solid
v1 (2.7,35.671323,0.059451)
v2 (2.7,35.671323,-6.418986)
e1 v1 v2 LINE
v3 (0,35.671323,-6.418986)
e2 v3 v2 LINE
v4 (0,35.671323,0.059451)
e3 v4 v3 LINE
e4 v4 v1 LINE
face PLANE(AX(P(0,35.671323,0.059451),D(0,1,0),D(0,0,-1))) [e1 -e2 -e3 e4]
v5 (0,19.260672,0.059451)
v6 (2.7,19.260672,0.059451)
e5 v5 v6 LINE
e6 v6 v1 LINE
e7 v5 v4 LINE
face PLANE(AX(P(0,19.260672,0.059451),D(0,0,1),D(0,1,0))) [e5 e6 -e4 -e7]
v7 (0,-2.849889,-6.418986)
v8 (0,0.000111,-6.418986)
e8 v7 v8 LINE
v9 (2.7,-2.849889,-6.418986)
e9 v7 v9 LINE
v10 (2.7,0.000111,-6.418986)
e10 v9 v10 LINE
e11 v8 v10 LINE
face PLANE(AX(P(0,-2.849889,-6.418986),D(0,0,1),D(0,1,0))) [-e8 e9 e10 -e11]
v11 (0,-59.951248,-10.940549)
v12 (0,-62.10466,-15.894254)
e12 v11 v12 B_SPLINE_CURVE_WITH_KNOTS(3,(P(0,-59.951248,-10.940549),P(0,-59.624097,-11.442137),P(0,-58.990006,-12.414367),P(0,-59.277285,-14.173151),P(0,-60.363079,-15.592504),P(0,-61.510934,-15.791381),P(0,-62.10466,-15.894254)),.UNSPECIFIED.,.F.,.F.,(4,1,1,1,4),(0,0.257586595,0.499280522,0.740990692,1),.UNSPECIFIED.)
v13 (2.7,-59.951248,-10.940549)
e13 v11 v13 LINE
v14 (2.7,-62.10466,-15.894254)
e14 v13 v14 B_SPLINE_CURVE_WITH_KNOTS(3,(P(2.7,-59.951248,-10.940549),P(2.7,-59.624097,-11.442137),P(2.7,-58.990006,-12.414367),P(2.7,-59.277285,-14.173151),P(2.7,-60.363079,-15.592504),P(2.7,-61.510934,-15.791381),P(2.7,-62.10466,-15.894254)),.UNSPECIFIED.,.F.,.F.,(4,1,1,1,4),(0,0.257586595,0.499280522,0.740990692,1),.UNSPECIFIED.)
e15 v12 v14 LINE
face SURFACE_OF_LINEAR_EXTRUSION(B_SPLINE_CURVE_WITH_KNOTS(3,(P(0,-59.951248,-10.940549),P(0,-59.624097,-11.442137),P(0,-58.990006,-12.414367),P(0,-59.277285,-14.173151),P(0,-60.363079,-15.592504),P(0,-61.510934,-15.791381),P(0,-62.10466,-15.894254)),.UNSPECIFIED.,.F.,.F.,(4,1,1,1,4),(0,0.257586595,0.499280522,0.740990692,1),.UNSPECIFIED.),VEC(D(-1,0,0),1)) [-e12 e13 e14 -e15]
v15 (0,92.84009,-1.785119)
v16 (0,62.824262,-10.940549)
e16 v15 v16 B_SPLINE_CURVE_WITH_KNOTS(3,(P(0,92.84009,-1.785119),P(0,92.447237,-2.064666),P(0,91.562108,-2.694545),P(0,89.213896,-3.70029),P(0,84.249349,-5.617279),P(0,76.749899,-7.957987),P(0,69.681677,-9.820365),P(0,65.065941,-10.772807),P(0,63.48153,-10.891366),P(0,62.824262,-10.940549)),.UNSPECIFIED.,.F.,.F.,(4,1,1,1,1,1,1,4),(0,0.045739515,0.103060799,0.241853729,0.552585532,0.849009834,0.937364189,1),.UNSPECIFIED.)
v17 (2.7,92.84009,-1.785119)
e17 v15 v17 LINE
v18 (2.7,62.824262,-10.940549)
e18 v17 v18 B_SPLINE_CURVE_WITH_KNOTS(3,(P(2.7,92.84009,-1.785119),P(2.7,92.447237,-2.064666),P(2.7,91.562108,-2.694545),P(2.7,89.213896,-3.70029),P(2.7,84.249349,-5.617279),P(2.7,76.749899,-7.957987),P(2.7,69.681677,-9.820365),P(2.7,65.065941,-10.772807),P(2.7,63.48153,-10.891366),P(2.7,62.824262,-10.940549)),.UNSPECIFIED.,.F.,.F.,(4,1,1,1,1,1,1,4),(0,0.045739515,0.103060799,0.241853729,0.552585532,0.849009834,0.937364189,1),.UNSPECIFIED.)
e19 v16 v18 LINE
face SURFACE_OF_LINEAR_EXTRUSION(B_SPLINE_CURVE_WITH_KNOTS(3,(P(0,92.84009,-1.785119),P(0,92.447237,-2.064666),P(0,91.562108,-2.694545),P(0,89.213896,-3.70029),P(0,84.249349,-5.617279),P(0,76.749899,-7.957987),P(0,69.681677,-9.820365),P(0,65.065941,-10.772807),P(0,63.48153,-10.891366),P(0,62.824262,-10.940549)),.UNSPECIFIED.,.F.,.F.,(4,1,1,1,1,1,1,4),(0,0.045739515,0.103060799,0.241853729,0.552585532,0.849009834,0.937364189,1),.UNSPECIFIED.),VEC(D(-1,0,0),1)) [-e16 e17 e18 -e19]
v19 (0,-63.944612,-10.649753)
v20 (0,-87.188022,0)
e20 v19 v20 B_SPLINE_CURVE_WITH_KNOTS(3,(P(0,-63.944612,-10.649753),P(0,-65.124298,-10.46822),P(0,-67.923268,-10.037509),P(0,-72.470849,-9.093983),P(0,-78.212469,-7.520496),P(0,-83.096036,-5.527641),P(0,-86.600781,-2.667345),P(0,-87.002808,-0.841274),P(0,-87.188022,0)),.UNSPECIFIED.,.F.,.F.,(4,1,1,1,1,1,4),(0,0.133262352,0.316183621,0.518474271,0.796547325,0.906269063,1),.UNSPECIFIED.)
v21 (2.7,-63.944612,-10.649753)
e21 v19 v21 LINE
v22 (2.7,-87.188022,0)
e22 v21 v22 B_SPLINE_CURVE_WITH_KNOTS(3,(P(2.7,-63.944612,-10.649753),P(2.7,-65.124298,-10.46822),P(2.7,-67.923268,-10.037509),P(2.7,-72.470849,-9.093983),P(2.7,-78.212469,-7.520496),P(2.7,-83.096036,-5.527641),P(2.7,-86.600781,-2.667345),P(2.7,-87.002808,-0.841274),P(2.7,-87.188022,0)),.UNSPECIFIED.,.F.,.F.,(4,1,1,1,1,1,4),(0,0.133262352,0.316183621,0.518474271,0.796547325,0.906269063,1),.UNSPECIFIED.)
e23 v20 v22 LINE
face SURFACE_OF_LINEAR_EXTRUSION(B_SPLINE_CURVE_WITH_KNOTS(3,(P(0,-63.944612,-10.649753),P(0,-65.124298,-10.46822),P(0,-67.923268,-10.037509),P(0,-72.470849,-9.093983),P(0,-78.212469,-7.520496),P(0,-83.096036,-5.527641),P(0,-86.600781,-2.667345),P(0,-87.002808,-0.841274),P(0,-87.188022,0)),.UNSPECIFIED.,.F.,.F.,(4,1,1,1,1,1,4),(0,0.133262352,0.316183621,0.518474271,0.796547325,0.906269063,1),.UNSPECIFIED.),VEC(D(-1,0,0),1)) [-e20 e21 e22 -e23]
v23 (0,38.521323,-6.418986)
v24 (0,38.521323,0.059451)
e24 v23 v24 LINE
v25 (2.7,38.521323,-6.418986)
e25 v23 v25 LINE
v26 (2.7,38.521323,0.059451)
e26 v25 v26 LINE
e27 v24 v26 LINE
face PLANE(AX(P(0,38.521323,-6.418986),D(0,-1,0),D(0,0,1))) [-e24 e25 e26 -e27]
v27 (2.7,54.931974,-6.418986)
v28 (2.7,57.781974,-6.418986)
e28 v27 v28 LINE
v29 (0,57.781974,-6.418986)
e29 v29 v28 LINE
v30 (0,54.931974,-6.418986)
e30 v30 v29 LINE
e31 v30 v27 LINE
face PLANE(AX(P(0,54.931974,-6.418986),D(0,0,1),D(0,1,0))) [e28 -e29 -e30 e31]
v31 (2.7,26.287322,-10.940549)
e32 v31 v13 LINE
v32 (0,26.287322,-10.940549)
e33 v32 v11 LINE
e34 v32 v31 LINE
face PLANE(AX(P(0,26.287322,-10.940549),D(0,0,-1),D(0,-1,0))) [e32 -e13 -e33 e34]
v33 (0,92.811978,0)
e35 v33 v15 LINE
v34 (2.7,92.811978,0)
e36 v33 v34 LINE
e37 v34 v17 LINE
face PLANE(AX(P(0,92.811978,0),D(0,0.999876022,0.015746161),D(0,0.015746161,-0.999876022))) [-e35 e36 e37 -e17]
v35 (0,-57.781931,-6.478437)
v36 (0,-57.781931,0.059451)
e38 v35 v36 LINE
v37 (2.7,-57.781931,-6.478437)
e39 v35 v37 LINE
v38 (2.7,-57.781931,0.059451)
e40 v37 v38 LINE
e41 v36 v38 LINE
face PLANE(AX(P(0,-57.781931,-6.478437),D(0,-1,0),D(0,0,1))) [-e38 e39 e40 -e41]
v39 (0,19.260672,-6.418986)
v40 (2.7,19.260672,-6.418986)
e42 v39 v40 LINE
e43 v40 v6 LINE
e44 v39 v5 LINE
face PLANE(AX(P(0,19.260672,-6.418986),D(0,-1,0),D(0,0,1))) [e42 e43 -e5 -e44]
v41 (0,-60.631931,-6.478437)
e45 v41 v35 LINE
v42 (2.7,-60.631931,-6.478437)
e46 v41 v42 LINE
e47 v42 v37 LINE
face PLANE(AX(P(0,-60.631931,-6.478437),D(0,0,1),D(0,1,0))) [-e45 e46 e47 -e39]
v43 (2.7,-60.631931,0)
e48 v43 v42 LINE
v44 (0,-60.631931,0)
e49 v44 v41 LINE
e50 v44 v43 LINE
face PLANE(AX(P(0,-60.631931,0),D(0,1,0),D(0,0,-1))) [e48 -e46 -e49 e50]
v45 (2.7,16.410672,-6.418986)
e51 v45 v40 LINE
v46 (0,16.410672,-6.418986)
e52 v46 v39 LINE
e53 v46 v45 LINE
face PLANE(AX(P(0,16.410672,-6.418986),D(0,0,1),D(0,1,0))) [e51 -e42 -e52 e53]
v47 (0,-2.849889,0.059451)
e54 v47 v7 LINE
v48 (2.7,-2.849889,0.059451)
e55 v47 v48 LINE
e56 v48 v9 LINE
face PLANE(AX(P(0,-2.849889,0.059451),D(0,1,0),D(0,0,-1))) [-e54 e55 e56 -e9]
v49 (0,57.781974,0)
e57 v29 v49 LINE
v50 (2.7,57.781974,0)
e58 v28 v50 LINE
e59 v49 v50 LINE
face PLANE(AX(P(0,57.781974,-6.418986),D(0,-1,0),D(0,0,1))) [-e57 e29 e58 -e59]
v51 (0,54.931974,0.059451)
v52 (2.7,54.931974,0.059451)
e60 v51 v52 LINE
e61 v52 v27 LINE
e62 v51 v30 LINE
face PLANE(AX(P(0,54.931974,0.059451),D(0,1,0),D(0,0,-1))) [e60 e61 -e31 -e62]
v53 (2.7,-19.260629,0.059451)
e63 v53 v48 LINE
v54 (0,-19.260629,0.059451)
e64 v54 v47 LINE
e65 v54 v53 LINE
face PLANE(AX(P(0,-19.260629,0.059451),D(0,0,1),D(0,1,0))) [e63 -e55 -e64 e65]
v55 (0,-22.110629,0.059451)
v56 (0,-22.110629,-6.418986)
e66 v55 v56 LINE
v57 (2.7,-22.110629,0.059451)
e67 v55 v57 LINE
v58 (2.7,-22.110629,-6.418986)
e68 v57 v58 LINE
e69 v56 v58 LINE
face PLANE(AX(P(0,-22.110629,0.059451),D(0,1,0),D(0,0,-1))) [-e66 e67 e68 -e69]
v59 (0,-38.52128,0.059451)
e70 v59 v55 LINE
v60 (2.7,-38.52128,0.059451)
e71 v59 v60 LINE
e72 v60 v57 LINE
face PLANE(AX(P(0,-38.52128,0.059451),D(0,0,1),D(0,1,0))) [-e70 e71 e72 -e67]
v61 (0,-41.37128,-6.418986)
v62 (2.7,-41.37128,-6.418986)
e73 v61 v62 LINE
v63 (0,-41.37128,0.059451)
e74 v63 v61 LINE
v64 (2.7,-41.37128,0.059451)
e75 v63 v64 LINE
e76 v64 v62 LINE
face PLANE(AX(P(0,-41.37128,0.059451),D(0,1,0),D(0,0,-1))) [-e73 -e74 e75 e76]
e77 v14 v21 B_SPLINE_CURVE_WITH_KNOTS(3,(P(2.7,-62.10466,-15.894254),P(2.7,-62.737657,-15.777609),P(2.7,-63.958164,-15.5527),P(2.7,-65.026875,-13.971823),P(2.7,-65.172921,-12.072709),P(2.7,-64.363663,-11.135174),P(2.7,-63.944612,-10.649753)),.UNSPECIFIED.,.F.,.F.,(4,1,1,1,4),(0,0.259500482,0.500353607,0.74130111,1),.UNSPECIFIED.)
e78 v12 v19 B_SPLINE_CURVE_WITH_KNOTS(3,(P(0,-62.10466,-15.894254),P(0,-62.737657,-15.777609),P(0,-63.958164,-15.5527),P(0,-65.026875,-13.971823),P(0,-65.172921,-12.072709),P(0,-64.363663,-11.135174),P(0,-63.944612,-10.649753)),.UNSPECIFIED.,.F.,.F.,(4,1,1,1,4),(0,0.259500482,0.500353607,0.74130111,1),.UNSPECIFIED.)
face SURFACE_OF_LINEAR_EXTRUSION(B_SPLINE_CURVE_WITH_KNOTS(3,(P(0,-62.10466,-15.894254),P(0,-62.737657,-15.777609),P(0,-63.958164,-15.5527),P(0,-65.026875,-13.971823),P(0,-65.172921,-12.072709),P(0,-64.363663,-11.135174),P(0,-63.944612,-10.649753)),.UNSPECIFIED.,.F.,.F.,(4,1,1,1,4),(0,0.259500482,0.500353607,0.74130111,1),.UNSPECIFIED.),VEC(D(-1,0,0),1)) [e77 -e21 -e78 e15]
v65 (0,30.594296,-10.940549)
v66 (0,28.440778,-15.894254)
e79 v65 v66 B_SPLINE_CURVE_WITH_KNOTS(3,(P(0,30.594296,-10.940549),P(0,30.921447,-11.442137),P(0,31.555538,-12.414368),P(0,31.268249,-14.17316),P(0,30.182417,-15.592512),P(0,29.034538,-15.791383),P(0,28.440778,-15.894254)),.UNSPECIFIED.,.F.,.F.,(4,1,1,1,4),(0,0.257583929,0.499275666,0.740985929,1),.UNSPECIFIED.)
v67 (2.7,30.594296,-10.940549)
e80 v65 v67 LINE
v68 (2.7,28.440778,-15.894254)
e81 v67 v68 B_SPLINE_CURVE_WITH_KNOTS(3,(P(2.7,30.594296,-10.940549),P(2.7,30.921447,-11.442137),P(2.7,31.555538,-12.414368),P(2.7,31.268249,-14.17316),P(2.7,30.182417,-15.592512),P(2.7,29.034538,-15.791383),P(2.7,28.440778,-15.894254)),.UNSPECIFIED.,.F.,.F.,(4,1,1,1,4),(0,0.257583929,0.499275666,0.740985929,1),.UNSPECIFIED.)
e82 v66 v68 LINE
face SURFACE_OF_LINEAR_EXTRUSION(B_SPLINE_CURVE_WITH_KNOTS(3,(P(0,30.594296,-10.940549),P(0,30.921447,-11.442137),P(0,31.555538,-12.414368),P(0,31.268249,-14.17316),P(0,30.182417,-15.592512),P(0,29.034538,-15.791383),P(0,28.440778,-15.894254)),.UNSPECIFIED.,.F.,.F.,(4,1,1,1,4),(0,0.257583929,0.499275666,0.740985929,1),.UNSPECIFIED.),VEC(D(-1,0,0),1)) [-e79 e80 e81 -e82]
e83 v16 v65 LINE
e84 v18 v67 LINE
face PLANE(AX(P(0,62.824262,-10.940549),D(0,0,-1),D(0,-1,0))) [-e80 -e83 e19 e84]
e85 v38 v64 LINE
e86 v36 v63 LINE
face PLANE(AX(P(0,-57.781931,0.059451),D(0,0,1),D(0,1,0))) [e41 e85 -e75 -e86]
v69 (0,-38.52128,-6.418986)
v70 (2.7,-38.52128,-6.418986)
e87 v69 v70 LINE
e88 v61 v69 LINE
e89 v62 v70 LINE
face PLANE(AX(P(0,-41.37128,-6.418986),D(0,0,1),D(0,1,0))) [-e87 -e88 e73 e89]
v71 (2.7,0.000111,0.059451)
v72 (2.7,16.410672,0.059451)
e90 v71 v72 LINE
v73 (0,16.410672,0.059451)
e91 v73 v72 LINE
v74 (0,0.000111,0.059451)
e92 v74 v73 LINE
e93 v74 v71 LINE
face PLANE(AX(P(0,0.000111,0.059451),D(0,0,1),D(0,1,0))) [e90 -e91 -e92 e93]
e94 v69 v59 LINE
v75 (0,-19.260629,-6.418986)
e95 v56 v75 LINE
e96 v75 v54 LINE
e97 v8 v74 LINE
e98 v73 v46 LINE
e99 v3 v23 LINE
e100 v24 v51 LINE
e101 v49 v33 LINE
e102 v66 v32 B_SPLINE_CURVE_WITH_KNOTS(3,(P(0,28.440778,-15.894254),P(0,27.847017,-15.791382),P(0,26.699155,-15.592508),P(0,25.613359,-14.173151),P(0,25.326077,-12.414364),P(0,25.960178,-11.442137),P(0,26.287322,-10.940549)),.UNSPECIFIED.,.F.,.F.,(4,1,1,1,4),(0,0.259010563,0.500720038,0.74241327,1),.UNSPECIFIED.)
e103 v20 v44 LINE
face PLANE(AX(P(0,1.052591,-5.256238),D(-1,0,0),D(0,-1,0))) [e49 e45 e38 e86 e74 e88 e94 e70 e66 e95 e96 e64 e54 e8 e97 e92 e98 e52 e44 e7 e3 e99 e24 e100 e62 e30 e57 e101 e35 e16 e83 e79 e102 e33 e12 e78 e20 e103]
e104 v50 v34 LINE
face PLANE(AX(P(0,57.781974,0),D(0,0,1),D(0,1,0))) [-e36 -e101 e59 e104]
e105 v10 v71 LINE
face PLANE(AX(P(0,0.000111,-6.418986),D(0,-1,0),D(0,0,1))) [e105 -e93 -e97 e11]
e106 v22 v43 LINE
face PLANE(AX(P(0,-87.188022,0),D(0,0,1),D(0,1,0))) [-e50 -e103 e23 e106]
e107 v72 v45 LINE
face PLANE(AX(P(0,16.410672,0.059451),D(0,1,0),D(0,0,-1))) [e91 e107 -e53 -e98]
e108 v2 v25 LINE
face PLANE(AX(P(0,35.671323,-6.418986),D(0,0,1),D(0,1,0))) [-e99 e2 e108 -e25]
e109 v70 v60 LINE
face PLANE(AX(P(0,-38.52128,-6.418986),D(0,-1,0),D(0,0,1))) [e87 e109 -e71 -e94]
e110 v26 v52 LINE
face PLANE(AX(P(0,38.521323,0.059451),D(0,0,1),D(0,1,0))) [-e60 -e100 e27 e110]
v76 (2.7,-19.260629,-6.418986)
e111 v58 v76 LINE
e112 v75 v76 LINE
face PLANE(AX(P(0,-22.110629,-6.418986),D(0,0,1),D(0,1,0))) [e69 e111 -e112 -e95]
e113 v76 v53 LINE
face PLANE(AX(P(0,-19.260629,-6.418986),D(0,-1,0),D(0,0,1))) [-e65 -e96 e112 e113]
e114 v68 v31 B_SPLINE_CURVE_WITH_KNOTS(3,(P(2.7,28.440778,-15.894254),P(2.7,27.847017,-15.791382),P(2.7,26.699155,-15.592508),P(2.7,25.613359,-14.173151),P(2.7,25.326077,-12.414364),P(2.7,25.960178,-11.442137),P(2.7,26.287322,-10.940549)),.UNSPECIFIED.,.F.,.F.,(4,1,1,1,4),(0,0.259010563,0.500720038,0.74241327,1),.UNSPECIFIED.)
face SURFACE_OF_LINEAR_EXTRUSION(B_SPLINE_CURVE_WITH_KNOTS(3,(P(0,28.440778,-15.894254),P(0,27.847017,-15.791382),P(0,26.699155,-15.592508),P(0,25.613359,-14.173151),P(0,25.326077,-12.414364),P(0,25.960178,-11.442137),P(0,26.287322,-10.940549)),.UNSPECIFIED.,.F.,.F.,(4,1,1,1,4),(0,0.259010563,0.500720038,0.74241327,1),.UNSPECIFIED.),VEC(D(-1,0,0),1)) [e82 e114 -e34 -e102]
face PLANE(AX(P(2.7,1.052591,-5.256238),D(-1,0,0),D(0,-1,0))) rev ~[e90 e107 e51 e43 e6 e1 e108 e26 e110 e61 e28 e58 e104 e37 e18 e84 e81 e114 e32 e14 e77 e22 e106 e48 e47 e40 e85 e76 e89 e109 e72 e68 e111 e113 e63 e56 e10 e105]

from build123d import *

# Parameters (mm, degrees)
SALIENTE_EXTRUIR1_DEPTH = 2.7


with BuildPart() as part:
    # Croquis1 → Saliente-Extruir1 (new body)
    with BuildSketch(Plane.YZ):
        with BuildLine():
            Line((-22.110629153, -6.418985628), (-19.260629153, -6.418985628))
            Line((-19.260629153, -6.418985628), (-19.260629153, 0.059451181))
            Line((-19.260629153, 0.059451181), (-2.849889186, 0.059451181))
            Line((-2.849889186, 0.059451181), (-2.849889186, -6.418985628))
            Line((-2.849889186, -6.418985628), (0.000110814, -6.418985628))
            Line((0.000110814, -6.418985628), (0.000110814, 0.059451181))
            Line((0.000110814, 0.059451181), (16.410672264, 0.059451181))
            Line((16.410672264, 0.059451181), (16.410672264, -6.418985628))
            Line((16.410672264, -6.418985628), (19.260672264, -6.418985628))
            Line((19.260672264, -6.418985628), (19.260672264, 0.059451181))
            Line((19.260672264, 0.059451181), (35.671322972, 0.059451181))
            Line((35.671322972, 0.059451181), (35.671322972, -6.418985628))
            Line((35.671322972, -6.418985628), (38.521322972, -6.418985628))
            Line((38.521322972, -6.418985628), (38.521322972, 0.059451181))
            Line((38.521322972, 0.059451181), (54.93197368, 0.059451181))
            Line((54.93197368, 0.059451181), (54.93197368, -6.418985628))
            Line((54.93197368, -6.418985628), (57.78197368, -6.418985628))
            Line((57.78197368, -6.418985628), (57.78197368, 0))
            Line((57.78197368, 0), (92.811977714, 0))
            Line((92.811977714, 0), (92.840089973, -1.785119122))
            add(Edge.make_bspline(
                [(92.840089973, -1.785119122), (92.447237265, -2.064666353), (91.562107852, -2.694545376), (89.213895552, -3.700289956), (84.249349165, -5.617278564), (76.749898692, -7.957987248), (69.681676617, -9.820364855), (65.065941011, -10.77280706), (63.481529507, -10.891366405), (62.824262201, -10.940548819)],
                knots=[0, 0, 0, 0, 0.045739515, 0.103060799, 0.241853729, 0.552585532, 0.849009834, 0.937364189, 1, 1, 1, 1], degree=3))
            Line((62.824262201, -10.940548819), (30.594296183, -10.940548819))
            add(Edge.make_bspline(
                [(30.594296183, -10.940548819), (30.921447359, -11.442137244), (31.555538234, -12.414367523), (31.268248789, -14.173159627), (30.182416548, -15.592511875), (29.034537635, -15.791382717), (28.440778339, -15.894254382)],
                knots=[0, 0, 0, 0, 0.257583929, 0.499275666, 0.740985929, 1, 1, 1, 1], degree=3))
            add(Edge.make_bspline(
                [(28.440778339, -15.894254382), (27.847016865, -15.79138162), (26.69915531, -15.59250767), (25.61335925, -14.173151066), (25.326077358, -12.414363927), (25.960178406, -11.442136771), (26.287321547, -10.940548819)],
                knots=[0, 0, 0, 0, 0.259010563, 0.500720038, 0.74241327, 1, 1, 1, 1], degree=3))
            Line((26.287321547, -10.940548819), (-59.95124774, -10.940548819))
            add(Edge.make_bspline(
                [(-59.95124774, -10.940548819), (-59.624096976, -11.442137347), (-58.990006223, -12.414367218), (-59.277284868, -14.1731508), (-60.363078616, -15.592503731), (-61.510934237, -15.79138053), (-62.104659968, -15.894254382)],
                knots=[0, 0, 0, 0, 0.257586595, 0.499280522, 0.740990692, 1, 1, 1, 1], degree=3))
            add(Edge.make_bspline(
                [(-62.104659968, -15.894254382), (-62.737656591, -15.777608826), (-63.958163548, -15.552699707), (-65.026875083, -13.971822996), (-65.172920695, -12.072708959), (-64.363662916, -11.135174473), (-63.944611922, -10.649752914)],
                knots=[0, 0, 0, 0, 0.259500482, 0.500353607, 0.74130111, 1, 1, 1, 1], degree=3))
            add(Edge.make_bspline(
                [(-63.944611922, -10.649752914), (-65.124297825, -10.468220396), (-67.923268081, -10.037509037), (-72.470849105, -9.093983121), (-78.212469404, -7.520495573), (-83.096036068, -5.527641263), (-86.600780666, -2.667344706), (-87.002807809, -0.84127357), (-87.188022286, 0)],
                knots=[0, 0, 0, 0, 0.133262352, 0.316183621, 0.518474271, 0.796547325, 0.906269063, 1, 1, 1, 1], degree=3))
            Line((-87.188022286, 0), (-60.631930569, 0))
            Line((-60.631930569, 0), (-60.631930569, -6.478436809))
            Line((-60.631930569, -6.478436809), (-57.781930569, -6.478436809))
            Line((-57.781930569, -6.478436809), (-57.781930569, 0.059451181))
            Line((-57.781930569, 0.059451181), (-41.371279861, 0.059451181))
            Line((-41.371279861, 0.059451181), (-41.371279861, -6.418985628))
            Line((-41.371279861, -6.418985628), (-38.521279861, -6.418985628))
            Line((-38.521279861, -6.418985628), (-38.521279861, 0.059451181))
            Line((-38.521279861, 0.059451181), (-22.110629153, 0.059451181))
            Line((-22.110629153, 0.059451181), (-22.110629153, -6.418985628))
        make_face()
    extrude(amount=SALIENTE_EXTRUIR1_DEPTH)


solid = part.part
